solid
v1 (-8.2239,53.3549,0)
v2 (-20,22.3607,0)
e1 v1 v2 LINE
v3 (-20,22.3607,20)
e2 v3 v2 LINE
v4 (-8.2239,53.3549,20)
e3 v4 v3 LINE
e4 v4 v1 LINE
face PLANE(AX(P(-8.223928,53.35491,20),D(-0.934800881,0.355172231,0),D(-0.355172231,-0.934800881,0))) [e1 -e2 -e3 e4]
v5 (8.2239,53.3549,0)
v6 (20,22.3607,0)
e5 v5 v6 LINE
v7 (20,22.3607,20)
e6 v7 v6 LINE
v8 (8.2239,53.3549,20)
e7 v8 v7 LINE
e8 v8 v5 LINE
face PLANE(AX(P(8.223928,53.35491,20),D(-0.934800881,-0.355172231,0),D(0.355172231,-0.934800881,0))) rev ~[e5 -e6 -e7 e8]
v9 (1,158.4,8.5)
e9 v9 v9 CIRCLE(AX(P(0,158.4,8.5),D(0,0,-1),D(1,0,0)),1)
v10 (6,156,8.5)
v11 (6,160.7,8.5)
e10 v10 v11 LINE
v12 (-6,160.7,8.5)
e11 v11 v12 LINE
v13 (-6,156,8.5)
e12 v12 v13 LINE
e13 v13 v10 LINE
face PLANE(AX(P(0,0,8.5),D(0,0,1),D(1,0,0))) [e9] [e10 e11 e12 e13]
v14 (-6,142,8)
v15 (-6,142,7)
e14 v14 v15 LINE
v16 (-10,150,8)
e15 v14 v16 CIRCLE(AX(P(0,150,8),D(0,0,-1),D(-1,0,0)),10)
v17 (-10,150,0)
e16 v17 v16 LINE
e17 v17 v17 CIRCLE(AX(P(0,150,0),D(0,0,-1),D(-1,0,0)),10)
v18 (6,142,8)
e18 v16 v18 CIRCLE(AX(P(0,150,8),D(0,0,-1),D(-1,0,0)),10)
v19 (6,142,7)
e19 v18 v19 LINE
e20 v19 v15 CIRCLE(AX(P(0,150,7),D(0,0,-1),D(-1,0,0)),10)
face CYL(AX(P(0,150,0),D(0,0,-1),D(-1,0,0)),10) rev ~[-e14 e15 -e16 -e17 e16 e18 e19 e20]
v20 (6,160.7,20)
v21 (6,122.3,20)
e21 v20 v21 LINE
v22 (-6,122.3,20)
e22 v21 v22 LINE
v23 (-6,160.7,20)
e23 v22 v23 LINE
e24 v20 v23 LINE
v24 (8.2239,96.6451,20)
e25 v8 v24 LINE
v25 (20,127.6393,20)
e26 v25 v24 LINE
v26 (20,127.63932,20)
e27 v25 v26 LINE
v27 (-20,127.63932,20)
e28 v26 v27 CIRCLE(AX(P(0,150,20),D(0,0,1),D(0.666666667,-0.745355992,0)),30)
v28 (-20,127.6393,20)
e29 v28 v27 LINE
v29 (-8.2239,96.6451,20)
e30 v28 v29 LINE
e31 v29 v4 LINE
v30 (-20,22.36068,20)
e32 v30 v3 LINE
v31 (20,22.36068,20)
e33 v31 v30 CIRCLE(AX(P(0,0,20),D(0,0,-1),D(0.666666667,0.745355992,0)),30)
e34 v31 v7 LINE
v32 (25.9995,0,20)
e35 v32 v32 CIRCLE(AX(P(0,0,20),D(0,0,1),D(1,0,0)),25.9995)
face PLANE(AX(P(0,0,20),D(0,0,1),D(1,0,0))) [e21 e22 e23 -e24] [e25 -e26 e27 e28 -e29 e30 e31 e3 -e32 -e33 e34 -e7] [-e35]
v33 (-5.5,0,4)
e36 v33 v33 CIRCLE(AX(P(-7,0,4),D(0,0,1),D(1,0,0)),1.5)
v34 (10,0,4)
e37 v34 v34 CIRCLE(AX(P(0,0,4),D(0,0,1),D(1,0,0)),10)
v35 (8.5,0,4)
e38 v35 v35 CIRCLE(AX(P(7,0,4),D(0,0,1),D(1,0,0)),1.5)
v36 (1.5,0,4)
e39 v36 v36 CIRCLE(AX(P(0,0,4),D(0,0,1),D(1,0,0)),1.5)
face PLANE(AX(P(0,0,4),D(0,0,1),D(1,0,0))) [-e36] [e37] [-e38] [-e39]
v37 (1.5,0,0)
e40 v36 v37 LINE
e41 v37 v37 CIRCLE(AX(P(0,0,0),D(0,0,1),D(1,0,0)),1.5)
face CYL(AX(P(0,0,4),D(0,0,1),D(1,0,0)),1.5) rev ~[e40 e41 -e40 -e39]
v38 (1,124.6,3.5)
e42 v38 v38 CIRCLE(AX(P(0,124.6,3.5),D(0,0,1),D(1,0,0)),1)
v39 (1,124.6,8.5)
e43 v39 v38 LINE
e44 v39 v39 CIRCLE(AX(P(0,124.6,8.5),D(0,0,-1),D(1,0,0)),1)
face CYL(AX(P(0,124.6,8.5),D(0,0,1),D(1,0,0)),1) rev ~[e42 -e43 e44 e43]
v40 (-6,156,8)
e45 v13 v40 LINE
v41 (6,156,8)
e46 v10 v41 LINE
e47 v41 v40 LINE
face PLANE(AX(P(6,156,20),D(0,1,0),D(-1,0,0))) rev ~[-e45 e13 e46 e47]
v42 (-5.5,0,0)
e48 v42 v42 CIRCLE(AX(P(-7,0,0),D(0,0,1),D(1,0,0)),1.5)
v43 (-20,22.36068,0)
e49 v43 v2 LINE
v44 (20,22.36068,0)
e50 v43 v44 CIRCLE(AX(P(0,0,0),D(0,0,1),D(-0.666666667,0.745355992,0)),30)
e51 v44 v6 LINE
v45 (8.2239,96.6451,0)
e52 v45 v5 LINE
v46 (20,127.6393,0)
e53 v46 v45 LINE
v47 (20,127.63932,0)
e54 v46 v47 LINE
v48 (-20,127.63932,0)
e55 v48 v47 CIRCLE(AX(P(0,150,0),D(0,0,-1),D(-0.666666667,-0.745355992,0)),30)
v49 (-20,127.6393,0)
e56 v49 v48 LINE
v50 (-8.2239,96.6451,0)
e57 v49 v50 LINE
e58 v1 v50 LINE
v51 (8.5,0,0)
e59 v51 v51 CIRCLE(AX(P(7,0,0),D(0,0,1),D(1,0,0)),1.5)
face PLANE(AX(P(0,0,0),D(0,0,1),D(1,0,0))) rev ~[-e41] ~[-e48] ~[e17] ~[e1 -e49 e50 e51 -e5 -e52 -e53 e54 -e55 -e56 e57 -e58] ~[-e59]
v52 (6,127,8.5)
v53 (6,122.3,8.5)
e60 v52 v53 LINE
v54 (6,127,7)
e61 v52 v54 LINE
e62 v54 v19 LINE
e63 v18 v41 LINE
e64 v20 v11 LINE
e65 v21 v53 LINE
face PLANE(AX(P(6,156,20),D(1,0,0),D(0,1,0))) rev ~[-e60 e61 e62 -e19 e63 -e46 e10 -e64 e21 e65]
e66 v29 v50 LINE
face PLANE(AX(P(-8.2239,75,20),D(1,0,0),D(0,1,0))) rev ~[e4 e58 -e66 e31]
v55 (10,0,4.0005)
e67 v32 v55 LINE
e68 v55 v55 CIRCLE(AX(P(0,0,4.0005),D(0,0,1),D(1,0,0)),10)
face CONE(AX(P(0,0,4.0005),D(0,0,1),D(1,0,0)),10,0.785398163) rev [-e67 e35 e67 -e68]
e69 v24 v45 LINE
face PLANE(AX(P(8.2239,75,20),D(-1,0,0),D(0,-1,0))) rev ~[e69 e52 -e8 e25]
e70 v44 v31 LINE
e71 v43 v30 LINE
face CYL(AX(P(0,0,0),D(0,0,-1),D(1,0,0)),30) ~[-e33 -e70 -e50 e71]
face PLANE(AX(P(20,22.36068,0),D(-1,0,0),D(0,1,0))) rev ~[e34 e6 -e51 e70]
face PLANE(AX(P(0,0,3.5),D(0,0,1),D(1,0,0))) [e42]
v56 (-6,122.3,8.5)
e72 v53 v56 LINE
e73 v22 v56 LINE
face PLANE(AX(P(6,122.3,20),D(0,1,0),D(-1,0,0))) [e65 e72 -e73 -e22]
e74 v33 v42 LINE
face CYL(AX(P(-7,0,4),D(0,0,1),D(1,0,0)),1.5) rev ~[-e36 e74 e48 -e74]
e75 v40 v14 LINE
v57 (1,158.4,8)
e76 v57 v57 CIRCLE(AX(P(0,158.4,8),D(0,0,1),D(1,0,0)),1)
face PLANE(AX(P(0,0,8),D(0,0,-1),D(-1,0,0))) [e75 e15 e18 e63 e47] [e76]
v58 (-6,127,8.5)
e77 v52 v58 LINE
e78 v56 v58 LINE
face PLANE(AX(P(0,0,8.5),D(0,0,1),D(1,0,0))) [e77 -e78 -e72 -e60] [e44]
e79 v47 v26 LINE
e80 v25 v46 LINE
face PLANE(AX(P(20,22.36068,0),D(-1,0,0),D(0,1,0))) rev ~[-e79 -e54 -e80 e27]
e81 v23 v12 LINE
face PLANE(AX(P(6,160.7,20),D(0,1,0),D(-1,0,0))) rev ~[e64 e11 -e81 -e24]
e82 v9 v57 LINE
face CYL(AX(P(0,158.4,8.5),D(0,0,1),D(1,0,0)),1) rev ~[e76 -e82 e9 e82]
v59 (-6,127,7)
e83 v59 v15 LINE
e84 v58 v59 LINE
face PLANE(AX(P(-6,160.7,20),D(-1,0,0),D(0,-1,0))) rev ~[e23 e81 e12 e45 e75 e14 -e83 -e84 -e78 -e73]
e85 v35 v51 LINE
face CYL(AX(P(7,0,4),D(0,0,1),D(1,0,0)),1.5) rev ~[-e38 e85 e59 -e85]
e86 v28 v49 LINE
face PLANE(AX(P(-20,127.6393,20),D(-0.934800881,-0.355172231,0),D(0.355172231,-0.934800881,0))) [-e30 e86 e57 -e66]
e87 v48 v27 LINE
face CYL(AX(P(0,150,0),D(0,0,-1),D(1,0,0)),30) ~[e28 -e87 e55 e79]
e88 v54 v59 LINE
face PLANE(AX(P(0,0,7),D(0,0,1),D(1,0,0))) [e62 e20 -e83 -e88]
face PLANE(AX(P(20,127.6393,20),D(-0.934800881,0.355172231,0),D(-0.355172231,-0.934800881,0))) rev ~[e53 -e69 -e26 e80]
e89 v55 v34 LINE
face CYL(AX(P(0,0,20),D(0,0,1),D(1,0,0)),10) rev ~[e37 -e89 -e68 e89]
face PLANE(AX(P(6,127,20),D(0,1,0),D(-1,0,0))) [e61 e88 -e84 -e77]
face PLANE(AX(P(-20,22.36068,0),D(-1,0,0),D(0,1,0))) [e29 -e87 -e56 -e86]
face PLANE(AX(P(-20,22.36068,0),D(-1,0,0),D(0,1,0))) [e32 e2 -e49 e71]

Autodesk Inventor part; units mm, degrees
ref_plane "YZ Plane" through (0, 0, 0) normal (1, 0, 0) x (0, 1, 0)
ref_plane "XZ Plane" through (0, 0, 0) normal (0, 1, 0) x (-1, 0, 0)
ref_plane "XY Plane" through (0, 0, 0) normal (0, 0, 1) x (1, 0, 0)
sketch "Sketch1" plane through (0, 0, 0) normal (0, 0, 1) x (1, 0, 0)
  circle A0 centre (0, 0) radius 30
  line L0 (0, 0) -> (20, 0)
  line L1 (20, 0) -> (20, 150)
  line L2 (20, 150) -> (0, 150)
  line L3 (0, 150) -> (0, 0)
  line L4 (0, 0) -> (-20, 0)
  line L5 (-20, 0) -> (-20, 150)
  line L6 (-20, 150) -> (0, 150)
  line L7 (0, 150) -> (0, 0)
  circle A1 centre (0, 150) radius 30
  point P0 (20, 127.6393)
  point P1 (-20, 127.6393)
  point P2 (-20, 22.3607)
  point P3 (20, 22.3607)
  dimension "d0" = 60
  dimension "d1" = 20
  dimension "d2" = 150
  dimension "d3" = 20
  dimension "d4" = 60
extrude "Extrusion1" add sketch "Sketch1" along normal blind 20
sketch "Sketch2" plane through (0, 0, 20) normal (0, 0, 1) x (1, 0, 0)
  circle A0 centre (0, 0) radius 10
  dimension "d7" = 20
extrude "Extrusion2" cut sketch "Sketch2" against normal blind 16
sketch "Sketch3" plane through (0, 0, 4) normal (0, 0, 1) x (1, 0, 0)
  circle A0 centre (0, 0) radius 1.5
  circle A1 centre (-7, 0) radius 1.5
  circle A2 centre (7, 0) radius 1.5
  dimension "d10" = 3
  dimension "d11" = 3
  dimension "d12" = 3
extrude "Extrusion3" cut sketch "Sketch3" against normal blind 25.275
sketch "Sketch4" plane through (0, 0, 20) normal (0, 0, 1) x (1, 0, 0)
  circle A0 centre (0, 150) radius 10
  line L0 (-10, 150) -> (10, 150)
  line L1 (10, 150) -> (10, 110)
  line L2 (10, 110) -> (-10, 110)
  line L3 (-10, 110) -> (-10, 150)
  circle A1 centre (0, 150) radius 6
  line L4 (-6, 150) -> (6, 150)
  line L5 (6, 150) -> (6, 127)
  line L6 (6, 127) -> (-6, 127)
  line L7 (-6, 127) -> (-6, 150)
  line L8 (-6, 150) -> (6, 150)
  line L9 (6, 150) -> (6, 156)
  line L10 (6, 156) -> (-6, 156)
  line L11 (-6, 156) -> (-6, 150)
  point P0 (0, 0)
  dimension "d15" = 20
  dimension "d17" = 12
  dimension "d16" = 40
  dimension "d18" = 23
extrude "Extrusion4" cut sketch "Sketch4" against normal blind 13 contours L5 L6 L7 A0 | A0 L7 A1 L5 | A1 L0 | L0 A1 | A1 L10 L9 | L11 L10 A1
sketch "Sketch5" plane through (0, 0, 20) normal (0, 0, 1) x (1, 0, 0)
  line L0 (6, 127) -> (-6, 127) projected
  line L1 (-6, 127) -> (6, 127)
  line L2 (6, 127) -> (6, 122.3)
  line L3 (6, 122.3) -> (-6, 122.3)
  line L4 (-6, 122.3) -> (-6, 127)
  line L5 (-6, 156) -> (6, 156) projected
  line L6 (-6, 156) -> (6, 156)
  line L7 (6, 156) -> (6, 160.7)
  line L8 (6, 160.7) -> (-6, 160.7)
  line L9 (-6, 160.7) -> (-6, 156)
  point P0 (0, 0)
  dimension "d21" = 4.7
  dimension "d22" = 4.7
extrude "Extrusion5" cut sketch "Sketch5" against normal blind 11.5
sketch "Sketch6" plane through (0, 0, 8.5) normal (0, 0, 1) x (1, 0, 0)
  line L0 (-6, 160.7) -> (6, 160.7) projected
  line L1 (6, 160.7) -> (6, 156) projected
  line L2 (-6, 160.7) -> (6, 160.7)
  line L3 (6, 160.7) -> (6, 158.4)
  line L4 (6, 158.4) -> (-6, 158.4)
  line L5 (-6, 158.4) -> (-6, 160.7)
  circle A0 centre (0, 158.4) radius 1
  line L6 (-6, 122.3) -> (-6, 127) projected
  line L7 (6, 127) -> (6, 122.3) projected
  line L8 (-6, 122.3) -> (6, 122.3)
  line L9 (6, 122.3) -> (6, 124.6)
  line L10 (6, 124.6) -> (-6, 124.6)
  line L11 (-6, 124.6) -> (-6, 122.3)
  circle A1 centre (0, 124.6) radius 1
  point P0 (0, 0)
  dimension "d25" = 2.3
  dimension "d26" = 2
  dimension "d27" = 2.3
  dimension "d28" = 2
extrude "Extrusion6" cut sketch "Sketch6" against normal blind 5 contours A0 L4 | L4 A0 | A1 L10 | L10 A1
sketch "Sketch7" plane through (0, 0, 0) normal (0, 0, -1) x (-1, 0, 0)
  circle A0 centre (0, 150) radius 10
  point P0 (0, 0)
  dimension "d31" = 20
extrude "Extrusion7" cut sketch "Sketch7" against normal blind 8
chamfer "Chamfer1" distance 16 angle 45 1 edges at (-10, 0, 20)
sketch "Sketch8" plane through (0, 0, 20) normal (0, 0, 1) x (1, 0, 0)
  arc A0 (20, 127.6393) -> (-20, 127.6393) centre (0, 150) ccw projected
  line L0 (-20, 127.6393) -> (-20, 22.3607) projected
  line L1 (20, 127.6393) -> (-20, 22.3607)
  line L2 (-20, 22.3607) -> (-20, 127.6393)
  line L3 (20, 22.3607) -> (20, 127.6393) projected
  line L4 (-20, 127.6393) -> (20, 22.3607)
  line L5 (20, 127.6393) -> (20, 22.3607)
  line L6 (0, 75) -> (8.2239, 75)
  line L7 (8.2239, 75) -> (8.2239, 53.3549)
  line L8 (8.2239, 53.3549) -> (0, 53.3549)
  line L9 (0, 53.3549) -> (0, 75)
  line L10 (0, 75) -> (-8.2239, 75)
  line L11 (-8.2239, 75) -> (-8.2239, 53.3549)
  line L12 (-8.2239, 53.3549) -> (0, 53.3549)
  line L13 (0, 53.3549) -> (0, 75)
  line L14 (8.2239, 75) -> (-8.2239, 75)
  line L15 (-8.2239, 75) -> (-8.2239, 96.6451)
  line L16 (-8.2239, 96.6451) -> (8.2239, 96.6451)
  line L17 (8.2239, 96.6451) -> (8.2239, 75)
  point P0 (0, 0)
extrude "Extrusion8" cut sketch "Sketch8" against normal blind 64.1375 contours L3 L4 L7 L17 L1 | L4 L15 L11 L1 L0
properties part number "1st-arm"
